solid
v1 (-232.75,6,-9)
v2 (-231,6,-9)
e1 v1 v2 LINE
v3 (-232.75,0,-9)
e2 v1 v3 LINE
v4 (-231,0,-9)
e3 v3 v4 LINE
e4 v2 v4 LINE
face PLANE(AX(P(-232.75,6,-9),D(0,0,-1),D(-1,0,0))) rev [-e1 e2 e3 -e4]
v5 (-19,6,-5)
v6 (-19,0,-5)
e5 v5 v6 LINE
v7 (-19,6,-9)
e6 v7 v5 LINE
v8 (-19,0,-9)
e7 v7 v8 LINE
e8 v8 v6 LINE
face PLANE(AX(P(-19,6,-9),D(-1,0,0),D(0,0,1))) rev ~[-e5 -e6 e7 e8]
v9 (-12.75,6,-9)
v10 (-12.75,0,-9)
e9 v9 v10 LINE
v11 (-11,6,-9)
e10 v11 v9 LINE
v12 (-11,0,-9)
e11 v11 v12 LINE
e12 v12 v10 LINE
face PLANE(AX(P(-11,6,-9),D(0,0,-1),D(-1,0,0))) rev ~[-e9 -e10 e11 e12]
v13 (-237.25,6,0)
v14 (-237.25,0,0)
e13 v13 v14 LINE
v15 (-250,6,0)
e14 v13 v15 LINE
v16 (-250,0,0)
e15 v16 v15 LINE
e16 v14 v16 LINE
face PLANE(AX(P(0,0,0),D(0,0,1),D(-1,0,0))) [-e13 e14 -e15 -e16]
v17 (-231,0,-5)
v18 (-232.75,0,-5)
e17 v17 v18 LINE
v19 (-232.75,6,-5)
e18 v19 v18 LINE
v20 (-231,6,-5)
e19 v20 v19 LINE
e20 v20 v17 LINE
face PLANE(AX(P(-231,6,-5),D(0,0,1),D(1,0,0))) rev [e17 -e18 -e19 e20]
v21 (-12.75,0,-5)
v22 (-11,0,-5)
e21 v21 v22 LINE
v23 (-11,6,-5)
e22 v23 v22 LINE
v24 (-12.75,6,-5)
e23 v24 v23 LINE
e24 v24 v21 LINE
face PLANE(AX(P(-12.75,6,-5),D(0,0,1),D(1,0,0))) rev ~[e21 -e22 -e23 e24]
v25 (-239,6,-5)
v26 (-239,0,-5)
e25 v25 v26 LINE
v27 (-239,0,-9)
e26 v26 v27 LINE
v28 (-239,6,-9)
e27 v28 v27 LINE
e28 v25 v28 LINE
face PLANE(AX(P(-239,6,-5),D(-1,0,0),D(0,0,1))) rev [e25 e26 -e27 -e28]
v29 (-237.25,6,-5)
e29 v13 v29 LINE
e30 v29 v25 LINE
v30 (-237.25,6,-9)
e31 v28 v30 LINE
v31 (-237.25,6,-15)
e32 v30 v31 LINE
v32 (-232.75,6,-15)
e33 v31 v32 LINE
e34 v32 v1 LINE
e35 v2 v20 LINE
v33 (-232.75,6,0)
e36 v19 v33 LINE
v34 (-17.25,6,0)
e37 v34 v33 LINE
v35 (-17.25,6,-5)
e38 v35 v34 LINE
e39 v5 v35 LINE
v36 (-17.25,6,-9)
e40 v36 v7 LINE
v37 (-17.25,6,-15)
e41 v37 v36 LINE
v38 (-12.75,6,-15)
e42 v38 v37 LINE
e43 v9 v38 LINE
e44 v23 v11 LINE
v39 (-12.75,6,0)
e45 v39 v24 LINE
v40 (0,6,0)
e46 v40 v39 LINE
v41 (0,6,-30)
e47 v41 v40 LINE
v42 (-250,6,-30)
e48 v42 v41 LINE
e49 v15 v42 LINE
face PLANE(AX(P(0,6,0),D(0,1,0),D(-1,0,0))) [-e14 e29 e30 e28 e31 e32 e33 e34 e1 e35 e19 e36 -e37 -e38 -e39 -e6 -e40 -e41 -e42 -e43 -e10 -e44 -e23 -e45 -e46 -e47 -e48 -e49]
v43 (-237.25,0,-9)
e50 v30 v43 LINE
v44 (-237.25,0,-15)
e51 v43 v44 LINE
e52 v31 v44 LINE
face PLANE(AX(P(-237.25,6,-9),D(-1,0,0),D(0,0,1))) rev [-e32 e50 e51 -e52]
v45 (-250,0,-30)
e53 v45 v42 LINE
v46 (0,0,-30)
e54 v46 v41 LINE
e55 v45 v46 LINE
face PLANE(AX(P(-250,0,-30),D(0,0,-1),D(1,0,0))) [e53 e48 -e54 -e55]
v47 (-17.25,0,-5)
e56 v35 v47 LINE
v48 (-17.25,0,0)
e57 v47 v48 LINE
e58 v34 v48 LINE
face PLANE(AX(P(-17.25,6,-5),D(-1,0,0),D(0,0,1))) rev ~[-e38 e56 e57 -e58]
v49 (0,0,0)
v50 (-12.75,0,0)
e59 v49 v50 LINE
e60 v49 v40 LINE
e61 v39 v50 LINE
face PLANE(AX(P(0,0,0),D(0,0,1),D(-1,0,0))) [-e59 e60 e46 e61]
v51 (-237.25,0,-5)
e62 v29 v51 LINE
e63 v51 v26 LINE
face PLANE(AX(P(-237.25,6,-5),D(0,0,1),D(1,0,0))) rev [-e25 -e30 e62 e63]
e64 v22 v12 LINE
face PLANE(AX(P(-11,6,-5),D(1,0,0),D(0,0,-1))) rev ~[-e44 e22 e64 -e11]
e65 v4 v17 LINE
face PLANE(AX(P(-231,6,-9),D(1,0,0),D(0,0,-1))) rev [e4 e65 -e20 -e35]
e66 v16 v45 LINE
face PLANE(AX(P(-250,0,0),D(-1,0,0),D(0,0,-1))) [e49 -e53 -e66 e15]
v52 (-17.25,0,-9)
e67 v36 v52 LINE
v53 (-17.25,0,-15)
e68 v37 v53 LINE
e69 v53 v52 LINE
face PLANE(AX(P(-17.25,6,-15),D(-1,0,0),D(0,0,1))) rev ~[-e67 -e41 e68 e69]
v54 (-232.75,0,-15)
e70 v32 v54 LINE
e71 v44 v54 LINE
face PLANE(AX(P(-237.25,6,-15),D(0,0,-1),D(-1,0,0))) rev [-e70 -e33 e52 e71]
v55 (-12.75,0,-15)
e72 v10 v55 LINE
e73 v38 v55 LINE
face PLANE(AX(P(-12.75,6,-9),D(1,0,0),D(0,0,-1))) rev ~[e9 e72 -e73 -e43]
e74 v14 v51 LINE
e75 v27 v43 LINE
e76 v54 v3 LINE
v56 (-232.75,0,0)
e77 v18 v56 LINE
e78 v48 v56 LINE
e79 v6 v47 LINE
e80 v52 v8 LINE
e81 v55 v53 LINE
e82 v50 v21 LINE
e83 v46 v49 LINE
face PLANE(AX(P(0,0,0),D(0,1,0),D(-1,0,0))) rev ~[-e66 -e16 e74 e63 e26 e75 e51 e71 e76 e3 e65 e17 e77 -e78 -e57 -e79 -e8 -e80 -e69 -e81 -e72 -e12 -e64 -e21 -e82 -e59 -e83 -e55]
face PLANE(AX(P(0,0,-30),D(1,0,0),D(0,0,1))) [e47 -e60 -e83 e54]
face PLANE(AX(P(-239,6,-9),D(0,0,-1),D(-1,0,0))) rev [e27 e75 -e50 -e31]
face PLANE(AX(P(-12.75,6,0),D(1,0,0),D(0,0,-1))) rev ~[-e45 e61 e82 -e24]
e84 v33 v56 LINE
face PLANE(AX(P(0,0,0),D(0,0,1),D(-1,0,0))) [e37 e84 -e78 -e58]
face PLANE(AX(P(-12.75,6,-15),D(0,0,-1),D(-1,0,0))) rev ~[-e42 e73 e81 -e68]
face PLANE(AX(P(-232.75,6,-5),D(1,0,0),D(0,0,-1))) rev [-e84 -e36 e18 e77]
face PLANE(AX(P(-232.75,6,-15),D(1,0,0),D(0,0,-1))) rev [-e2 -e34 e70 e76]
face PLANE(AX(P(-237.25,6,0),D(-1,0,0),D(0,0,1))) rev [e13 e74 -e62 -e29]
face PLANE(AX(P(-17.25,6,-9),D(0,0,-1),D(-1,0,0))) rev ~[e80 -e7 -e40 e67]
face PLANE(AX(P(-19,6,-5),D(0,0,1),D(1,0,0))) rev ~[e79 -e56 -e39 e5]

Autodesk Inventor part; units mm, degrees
ref_plane "YZ Plane" through (0, 0, 0) normal (1, 0, 0) x (0, 1, 0)
ref_plane "XZ Plane" through (0, 0, 0) normal (0, 1, 0) x (-1, 0, 0)
ref_plane "XY Plane" through (0, 0, 0) normal (0, 0, 1) x (1, 0, 0)
sketch "Sketch3" plane through (0, 0, 0) normal (0, 1, 0) x (-1, 0, 0)
  line L0 (0, 0) -> (250, 0)
  line L1 (250, 0) -> (250, -30)
  line L2 (250, -30) -> (0, -30)
  line L3 (0, -30) -> (0, 0)
  dimension "d24" = 250
  dimension "d25" = 30
extrude "Extrusion2" add sketch "Sketch3" along normal blind 6
sketch "Sketch4" plane through (0, 6, 0) normal (0, 1, 0) x (1, 0, 0)
  line L0 (-250, 0) -> (0, 0) projected
  line L1 (-17.25, 0) -> (-12.75, 0)
  line L2 (-12.75, 0) -> (-12.75, 15)
  line L3 (-12.75, 15) -> (-17.25, 15)
  line L4 (-17.25, 15) -> (-17.25, 0)
  line L5 (-19, 5) -> (-11, 5)
  line L6 (-11, 5) -> (-11, 9)
  line L7 (-11, 9) -> (-19, 9)
  line L8 (-19, 9) -> (-19, 5)
  line L9 (0, 0) -> (0, 30) projected
  point P0 (-15, 9)
  point P1 (-15, 15)
  dimension "d28" = 4.5
  dimension "d29" = 15
  dimension "d30" = 8
  dimension "d31" = 5
  dimension "d32" = 4
  dimension "d33" = 12.75
extrude "Extrusion3" cut sketch "Sketch4" against normal through all
ref_plane "Work Plane13" through (-125, 0, 0) normal (1, 0, 0) x (0, 0, -1)
mirror "Mirror1" about plane through (-125, 0, 0) normal (1, 0, 0) of "Extrusion3"
properties part number "Selection_Ramp 1_Mid piece" material "Wood (Cherry)"
